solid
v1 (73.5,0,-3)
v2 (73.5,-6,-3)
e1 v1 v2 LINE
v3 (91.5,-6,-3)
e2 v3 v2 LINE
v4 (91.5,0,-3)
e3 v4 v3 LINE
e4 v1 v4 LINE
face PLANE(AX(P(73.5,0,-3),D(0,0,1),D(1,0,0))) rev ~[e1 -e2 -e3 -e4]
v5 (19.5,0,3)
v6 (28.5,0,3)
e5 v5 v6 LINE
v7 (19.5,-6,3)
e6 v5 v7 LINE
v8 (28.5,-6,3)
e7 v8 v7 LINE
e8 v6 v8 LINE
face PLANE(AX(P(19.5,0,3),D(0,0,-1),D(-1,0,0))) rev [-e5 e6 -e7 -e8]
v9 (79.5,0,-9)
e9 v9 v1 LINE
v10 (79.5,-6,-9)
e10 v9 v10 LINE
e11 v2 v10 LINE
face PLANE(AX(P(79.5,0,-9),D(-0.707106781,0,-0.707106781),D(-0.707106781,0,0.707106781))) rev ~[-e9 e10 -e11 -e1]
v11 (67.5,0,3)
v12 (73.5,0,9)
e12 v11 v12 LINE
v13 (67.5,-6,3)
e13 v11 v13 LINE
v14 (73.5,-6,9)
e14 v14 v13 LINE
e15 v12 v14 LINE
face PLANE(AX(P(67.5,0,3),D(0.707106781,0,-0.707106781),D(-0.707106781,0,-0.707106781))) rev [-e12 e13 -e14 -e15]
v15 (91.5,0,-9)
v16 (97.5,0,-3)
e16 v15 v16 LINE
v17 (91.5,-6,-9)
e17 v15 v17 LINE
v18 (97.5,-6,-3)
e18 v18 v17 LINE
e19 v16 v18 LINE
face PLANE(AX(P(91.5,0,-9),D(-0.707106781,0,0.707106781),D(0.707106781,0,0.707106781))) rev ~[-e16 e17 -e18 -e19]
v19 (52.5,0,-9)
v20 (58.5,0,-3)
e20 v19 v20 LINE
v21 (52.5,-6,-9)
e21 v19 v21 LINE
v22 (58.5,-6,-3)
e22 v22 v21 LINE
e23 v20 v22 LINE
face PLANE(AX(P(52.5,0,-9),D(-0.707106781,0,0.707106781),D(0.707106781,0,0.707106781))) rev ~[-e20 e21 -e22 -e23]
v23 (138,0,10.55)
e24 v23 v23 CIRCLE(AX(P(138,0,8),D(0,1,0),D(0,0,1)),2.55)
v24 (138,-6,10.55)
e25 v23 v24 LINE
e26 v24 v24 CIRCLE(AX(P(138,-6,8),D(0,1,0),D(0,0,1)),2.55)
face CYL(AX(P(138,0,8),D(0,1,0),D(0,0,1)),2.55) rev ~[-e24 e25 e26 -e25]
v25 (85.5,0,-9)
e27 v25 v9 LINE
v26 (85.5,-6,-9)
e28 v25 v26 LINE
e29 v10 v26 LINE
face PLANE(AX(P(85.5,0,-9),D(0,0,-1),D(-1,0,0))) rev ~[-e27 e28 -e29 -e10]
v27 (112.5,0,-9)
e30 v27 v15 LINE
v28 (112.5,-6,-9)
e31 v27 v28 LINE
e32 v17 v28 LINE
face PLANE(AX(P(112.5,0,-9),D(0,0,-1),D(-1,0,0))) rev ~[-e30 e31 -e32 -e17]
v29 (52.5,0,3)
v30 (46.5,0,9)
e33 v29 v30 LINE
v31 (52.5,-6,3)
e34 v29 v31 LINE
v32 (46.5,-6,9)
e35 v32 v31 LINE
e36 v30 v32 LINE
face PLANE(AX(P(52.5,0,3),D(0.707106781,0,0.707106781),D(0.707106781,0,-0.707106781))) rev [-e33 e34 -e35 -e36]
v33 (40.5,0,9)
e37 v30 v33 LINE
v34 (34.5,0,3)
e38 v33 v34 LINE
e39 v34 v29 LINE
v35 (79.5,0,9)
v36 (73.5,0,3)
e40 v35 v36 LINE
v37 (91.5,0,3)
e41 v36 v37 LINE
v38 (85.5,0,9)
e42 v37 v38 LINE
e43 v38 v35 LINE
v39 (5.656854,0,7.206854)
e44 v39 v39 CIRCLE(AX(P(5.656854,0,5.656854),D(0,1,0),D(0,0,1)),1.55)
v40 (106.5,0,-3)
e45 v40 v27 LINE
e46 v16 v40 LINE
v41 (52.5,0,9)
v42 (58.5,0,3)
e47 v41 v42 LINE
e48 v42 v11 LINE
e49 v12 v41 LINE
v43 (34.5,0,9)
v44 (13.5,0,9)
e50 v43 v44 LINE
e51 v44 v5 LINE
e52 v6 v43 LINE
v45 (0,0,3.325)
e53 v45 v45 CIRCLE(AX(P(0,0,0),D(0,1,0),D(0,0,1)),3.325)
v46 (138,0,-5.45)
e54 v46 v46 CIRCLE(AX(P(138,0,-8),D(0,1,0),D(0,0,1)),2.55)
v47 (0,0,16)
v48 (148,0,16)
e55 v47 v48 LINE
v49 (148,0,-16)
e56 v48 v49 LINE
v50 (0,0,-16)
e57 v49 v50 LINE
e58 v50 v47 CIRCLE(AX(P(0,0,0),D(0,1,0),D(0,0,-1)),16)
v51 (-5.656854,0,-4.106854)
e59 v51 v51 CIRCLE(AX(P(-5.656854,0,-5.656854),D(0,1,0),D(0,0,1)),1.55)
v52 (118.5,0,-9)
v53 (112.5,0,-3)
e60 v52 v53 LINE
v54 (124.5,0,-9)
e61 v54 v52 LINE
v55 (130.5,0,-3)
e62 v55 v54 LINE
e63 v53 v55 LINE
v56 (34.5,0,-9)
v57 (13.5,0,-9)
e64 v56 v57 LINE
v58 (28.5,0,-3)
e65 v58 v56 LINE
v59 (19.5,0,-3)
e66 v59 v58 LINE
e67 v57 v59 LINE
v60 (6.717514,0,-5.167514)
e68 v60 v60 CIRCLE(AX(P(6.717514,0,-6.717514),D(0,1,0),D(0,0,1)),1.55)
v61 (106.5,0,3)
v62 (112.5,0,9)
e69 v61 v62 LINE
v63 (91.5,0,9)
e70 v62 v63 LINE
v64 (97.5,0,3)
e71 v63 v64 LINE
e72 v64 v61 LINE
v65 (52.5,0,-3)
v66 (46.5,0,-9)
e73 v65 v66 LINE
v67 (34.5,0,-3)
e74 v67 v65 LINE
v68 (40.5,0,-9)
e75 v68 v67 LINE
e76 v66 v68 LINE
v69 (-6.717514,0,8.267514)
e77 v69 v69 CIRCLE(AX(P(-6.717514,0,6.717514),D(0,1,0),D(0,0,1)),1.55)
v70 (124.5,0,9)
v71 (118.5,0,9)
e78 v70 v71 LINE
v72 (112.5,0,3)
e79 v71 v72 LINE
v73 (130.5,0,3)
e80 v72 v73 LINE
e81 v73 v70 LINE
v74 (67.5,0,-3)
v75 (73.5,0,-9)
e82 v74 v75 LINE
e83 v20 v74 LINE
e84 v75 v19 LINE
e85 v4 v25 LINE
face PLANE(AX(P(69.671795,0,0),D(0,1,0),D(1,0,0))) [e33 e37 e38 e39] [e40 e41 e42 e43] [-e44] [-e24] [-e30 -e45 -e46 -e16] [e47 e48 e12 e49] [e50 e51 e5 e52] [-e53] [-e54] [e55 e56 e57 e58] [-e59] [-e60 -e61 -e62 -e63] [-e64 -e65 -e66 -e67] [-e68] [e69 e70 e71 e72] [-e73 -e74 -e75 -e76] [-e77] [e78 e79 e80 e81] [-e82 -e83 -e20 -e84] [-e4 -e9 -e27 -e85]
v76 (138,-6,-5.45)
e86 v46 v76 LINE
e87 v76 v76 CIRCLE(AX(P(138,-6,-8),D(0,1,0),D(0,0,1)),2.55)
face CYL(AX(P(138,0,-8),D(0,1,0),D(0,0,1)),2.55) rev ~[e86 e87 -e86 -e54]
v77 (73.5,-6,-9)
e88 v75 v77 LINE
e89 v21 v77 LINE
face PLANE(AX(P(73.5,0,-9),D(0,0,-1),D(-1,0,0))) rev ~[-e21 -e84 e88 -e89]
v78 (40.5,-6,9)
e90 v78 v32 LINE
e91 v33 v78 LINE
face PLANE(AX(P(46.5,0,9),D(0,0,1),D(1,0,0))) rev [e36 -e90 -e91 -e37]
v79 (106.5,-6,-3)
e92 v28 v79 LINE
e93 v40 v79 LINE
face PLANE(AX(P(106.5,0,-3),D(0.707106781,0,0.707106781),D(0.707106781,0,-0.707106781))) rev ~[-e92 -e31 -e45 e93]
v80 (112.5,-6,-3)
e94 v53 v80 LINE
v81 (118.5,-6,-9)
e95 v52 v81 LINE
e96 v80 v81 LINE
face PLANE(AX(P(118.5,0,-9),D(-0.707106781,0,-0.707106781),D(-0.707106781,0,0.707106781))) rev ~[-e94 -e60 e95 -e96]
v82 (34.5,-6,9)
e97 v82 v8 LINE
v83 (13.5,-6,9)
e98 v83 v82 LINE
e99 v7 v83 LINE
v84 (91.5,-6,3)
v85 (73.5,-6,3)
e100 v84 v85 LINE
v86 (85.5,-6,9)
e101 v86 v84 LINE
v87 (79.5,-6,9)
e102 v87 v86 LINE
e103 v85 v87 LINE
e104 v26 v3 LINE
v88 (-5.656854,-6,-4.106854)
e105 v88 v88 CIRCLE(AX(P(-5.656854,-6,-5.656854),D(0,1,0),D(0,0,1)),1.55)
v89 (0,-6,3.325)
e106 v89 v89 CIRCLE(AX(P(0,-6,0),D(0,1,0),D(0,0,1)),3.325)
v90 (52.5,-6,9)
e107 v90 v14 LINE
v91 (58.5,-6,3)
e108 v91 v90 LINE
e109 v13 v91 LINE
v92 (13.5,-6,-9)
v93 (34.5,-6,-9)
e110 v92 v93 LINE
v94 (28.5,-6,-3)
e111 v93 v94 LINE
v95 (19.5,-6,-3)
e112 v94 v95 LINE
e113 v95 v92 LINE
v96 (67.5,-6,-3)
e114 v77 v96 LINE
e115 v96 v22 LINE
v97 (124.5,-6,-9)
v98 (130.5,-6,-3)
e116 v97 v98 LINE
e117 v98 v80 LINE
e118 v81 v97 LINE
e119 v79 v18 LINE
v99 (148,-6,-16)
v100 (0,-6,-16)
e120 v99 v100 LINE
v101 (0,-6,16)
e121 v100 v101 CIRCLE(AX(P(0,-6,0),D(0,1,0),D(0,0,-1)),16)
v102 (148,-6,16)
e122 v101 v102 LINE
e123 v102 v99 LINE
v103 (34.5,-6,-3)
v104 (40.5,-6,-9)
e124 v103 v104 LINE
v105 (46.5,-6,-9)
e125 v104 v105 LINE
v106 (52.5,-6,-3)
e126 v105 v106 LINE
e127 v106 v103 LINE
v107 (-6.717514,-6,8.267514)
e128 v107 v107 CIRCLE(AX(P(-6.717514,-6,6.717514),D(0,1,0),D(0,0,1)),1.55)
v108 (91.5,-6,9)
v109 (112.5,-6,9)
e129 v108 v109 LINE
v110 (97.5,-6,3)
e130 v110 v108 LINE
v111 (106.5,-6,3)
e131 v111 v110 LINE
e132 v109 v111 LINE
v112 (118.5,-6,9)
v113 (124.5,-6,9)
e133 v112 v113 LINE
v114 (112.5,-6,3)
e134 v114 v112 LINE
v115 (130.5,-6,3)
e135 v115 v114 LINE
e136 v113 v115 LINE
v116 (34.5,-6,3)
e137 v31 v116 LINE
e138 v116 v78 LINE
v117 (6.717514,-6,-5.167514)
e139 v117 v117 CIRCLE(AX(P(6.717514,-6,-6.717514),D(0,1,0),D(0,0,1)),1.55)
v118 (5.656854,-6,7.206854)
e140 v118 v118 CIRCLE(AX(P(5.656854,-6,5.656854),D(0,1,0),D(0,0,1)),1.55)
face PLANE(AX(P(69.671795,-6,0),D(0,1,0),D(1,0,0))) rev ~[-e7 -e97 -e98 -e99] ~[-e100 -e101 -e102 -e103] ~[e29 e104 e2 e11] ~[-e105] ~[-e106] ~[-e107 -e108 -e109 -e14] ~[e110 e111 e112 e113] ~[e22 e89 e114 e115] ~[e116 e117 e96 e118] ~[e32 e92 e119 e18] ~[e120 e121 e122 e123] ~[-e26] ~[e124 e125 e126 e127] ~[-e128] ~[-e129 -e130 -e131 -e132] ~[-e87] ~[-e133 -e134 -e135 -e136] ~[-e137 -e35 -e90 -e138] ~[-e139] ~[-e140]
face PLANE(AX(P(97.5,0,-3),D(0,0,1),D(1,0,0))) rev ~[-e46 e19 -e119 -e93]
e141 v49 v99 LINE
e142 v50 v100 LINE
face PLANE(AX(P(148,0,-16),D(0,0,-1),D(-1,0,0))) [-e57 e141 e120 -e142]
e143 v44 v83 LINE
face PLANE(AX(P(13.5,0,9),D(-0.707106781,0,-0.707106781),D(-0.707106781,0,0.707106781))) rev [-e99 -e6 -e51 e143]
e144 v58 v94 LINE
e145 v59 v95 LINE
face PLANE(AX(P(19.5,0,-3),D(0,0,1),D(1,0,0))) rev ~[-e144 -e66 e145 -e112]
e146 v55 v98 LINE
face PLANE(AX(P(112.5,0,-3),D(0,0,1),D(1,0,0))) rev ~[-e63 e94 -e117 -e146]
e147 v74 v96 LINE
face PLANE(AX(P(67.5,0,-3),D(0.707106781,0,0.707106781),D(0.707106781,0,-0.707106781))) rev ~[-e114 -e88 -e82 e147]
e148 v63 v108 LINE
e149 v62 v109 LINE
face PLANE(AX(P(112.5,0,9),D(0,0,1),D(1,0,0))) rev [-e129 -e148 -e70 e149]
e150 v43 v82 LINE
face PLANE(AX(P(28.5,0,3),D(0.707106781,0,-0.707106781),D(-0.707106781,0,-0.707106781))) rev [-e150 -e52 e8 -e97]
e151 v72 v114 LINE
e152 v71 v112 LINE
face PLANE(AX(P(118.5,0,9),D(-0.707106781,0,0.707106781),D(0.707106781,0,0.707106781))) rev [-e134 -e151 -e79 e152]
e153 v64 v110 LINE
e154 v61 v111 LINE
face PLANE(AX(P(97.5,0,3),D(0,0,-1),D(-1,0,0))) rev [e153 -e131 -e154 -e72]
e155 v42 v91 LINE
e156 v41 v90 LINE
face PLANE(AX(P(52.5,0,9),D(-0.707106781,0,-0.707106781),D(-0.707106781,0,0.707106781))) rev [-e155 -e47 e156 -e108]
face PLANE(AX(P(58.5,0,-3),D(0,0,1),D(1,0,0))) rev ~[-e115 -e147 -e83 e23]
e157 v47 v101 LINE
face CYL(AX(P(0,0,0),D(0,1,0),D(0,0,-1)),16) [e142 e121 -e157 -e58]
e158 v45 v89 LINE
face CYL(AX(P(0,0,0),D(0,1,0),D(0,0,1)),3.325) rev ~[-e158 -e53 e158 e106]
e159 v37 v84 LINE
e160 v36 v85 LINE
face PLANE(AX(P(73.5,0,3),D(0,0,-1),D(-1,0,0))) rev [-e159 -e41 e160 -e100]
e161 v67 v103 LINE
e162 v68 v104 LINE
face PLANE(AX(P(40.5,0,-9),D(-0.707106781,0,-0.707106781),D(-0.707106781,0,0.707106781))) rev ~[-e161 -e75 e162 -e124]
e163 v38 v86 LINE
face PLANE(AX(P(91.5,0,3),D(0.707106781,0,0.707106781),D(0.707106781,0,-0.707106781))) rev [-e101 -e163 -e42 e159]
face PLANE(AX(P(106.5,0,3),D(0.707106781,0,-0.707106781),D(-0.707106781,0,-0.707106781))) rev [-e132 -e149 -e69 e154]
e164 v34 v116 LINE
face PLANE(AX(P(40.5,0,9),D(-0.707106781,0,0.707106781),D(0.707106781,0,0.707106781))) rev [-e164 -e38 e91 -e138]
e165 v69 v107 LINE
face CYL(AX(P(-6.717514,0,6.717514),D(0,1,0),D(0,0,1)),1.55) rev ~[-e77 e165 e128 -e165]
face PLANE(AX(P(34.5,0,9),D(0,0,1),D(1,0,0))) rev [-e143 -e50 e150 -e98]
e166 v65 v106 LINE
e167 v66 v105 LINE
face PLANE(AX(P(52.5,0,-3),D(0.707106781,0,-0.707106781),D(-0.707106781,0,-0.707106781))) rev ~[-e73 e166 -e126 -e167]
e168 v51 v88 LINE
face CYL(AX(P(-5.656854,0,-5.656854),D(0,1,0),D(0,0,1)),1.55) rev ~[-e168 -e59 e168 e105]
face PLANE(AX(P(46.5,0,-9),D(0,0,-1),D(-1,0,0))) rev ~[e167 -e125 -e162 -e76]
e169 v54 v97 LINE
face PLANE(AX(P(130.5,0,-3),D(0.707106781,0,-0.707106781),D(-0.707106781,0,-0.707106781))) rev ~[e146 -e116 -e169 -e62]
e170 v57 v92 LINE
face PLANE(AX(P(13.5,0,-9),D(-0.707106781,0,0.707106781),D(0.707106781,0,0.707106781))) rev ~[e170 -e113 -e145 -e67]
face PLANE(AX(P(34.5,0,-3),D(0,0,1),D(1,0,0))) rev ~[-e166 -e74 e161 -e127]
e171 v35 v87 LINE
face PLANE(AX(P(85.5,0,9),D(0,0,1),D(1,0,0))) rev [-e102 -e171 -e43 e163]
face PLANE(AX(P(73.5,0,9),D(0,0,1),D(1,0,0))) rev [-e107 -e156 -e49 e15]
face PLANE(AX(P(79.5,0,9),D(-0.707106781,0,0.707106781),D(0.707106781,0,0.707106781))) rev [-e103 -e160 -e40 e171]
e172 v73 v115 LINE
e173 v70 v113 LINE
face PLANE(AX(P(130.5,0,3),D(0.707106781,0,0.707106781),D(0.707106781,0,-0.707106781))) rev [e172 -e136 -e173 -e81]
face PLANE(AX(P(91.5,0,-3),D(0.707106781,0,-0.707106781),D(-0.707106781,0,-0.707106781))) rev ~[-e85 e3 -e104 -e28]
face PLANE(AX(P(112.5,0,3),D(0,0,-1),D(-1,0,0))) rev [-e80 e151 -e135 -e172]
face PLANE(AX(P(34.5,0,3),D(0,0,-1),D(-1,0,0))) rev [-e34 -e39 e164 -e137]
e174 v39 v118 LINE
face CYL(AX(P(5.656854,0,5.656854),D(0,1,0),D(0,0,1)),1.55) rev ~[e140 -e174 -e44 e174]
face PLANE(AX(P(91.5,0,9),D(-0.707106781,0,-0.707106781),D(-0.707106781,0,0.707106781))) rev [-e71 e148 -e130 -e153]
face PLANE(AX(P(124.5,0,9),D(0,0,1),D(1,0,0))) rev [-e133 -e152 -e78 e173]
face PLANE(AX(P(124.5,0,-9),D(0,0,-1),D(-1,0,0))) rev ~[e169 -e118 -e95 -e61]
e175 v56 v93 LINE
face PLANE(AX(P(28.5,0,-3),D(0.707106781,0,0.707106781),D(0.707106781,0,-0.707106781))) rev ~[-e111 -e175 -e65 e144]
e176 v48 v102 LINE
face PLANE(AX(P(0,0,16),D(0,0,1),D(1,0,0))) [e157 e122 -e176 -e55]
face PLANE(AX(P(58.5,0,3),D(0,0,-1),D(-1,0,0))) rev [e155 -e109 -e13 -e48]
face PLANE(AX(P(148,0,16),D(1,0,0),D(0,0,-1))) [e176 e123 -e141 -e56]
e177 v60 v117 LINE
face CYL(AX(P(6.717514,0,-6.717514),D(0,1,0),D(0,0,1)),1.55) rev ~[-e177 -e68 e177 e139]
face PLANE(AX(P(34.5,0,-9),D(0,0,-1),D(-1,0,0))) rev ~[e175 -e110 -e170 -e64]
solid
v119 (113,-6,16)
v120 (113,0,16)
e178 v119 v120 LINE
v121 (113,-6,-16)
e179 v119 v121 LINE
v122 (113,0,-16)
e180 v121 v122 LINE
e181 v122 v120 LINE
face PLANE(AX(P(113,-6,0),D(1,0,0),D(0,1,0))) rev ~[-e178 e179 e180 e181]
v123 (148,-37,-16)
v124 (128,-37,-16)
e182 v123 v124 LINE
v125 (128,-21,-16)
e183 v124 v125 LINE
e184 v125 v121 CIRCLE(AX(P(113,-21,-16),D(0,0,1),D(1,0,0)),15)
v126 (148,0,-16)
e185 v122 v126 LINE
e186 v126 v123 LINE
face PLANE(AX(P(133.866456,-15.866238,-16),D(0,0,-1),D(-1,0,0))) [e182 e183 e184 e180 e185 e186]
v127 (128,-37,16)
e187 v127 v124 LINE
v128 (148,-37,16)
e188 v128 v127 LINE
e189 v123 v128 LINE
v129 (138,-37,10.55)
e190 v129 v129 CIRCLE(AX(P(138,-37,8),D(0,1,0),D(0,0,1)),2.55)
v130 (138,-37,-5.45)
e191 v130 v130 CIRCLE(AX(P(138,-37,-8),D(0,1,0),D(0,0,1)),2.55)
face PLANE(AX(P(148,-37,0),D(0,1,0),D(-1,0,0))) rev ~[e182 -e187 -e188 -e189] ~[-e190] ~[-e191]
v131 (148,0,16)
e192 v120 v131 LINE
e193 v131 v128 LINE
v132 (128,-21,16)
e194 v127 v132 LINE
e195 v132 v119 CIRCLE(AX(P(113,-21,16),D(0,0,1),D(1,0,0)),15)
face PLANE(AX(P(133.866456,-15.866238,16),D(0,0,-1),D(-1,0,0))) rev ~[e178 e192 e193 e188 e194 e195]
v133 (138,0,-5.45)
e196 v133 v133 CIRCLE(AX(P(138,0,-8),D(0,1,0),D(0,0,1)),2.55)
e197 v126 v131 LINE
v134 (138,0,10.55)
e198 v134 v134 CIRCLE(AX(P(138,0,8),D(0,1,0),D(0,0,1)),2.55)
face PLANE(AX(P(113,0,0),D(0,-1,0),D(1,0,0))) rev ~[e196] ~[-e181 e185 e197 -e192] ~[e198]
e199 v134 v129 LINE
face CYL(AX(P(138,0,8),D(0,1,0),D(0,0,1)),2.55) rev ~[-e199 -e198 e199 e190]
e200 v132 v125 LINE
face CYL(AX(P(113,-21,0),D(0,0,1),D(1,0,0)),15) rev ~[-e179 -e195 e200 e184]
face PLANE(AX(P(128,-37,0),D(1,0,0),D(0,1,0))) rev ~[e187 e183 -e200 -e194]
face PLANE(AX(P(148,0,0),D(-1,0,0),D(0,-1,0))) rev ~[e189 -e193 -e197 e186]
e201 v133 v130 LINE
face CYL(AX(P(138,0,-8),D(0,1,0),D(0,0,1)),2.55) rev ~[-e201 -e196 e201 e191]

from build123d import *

# Parameters (mm, degrees)
BOSS_EXTRUDE1_DEPTH  = 6
CUT_EXTRUDE3_REACH   = 150.983
BOSS_EXTRUDE12_DEPTH = 16
SKETCH8_R            = 2.55
CUT_EXTRUDE4_DEPTH   = 154.391655575
SKETCH10_R           = 1.55
SKETCH10_R_2         = 3.325
CUT_EXTRUDE2_DEPTH   = 6


with BuildPart() as part:
    # Sketch1 → Boss-Extrude1 (new body)
    with BuildSketch(Plane(origin=(0, 0, 0), x_dir=(1, 0, 0), z_dir=(0, 1, 0))):
        with BuildLine():
            Line((0, -16), (148, -16))
            Line((148, -16), (148, 16))
            Line((148, 16), (0, 16))
            ThreePointArc((0, 16), (-16, 0), (0, -16))
        make_face()
    extrude(amount=-BOSS_EXTRUDE1_DEPTH)

    # Sketch11 → Cut-Extrude3 (cut, up to next)
    with BuildSketch(Plane(origin=(0, 0, 0), x_dir=(1, 0, 0), z_dir=(0, 1, 0)), mode=Mode.PRIVATE) as cut_extrude3_sk1:
        Polygon((13.5, 9), (19.5, 3), (28.5, 3), (34.5, 9), align=None)
    cut_extrude3_tool1 = extrude(cut_extrude3_sk1.sketch, amount=-CUT_EXTRUDE3_REACH, mode=Mode.PRIVATE) & part.part
    # Sketch11 → Cut-Extrude3 (cut, up to next)
    with BuildSketch(Plane(origin=(0, 0, 0), x_dir=(1, 0, 0), z_dir=(0, 1, 0)), mode=Mode.PRIVATE) as cut_extrude3_sk2:
        Polygon((52.5, 3), (46.5, 9), (40.5, 9), (34.5, 3), align=None)
    cut_extrude3_tool2 = extrude(cut_extrude3_sk2.sketch, amount=-CUT_EXTRUDE3_REACH, mode=Mode.PRIVATE) & part.part
    # Sketch11 → Cut-Extrude3 (cut, up to next)
    with BuildSketch(Plane(origin=(0, 0, 0), x_dir=(1, 0, 0), z_dir=(0, 1, 0)), mode=Mode.PRIVATE) as cut_extrude3_sk3:
        Polygon((52.5, 9), (58.5, 3), (67.5, 3), (73.5, 9), align=None)
    cut_extrude3_tool3 = extrude(cut_extrude3_sk3.sketch, amount=-CUT_EXTRUDE3_REACH, mode=Mode.PRIVATE) & part.part
    # Sketch11 → Cut-Extrude3 (cut, up to next)
    with BuildSketch(Plane(origin=(0, 0, 0), x_dir=(1, 0, 0), z_dir=(0, 1, 0)), mode=Mode.PRIVATE) as cut_extrude3_sk4:
        Polygon((91.5, 9), (97.5, 3), (106.5, 3), (112.5, 9), align=None)
    cut_extrude3_tool4 = extrude(cut_extrude3_sk4.sketch, amount=-CUT_EXTRUDE3_REACH, mode=Mode.PRIVATE) & part.part
    # Sketch11 → Cut-Extrude3 (cut, up to next)
    with BuildSketch(Plane(origin=(0, 0, 0), x_dir=(1, 0, 0), z_dir=(0, 1, 0)), mode=Mode.PRIVATE) as cut_extrude3_sk5:
        Polygon((73.5, 3), (91.5, 3), (85.5, 9), (79.5, 9), align=None)
    cut_extrude3_tool5 = extrude(cut_extrude3_sk5.sketch, amount=-CUT_EXTRUDE3_REACH, mode=Mode.PRIVATE) & part.part
    # Sketch11 → Cut-Extrude3 (cut, up to next)
    with BuildSketch(Plane(origin=(0, 0, 0), x_dir=(1, 0, 0), z_dir=(0, 1, 0)), mode=Mode.PRIVATE) as cut_extrude3_sk6:
        Polygon((112.5, 3), (130.5, 3), (124.5, 9), (118.5, 9), align=None)
    cut_extrude3_tool6 = extrude(cut_extrude3_sk6.sketch, amount=-CUT_EXTRUDE3_REACH, mode=Mode.PRIVATE) & part.part
    cut_extrude3_1 = cut_extrude3_tool1.solids().sort_by_distance((24, 0, -6.4))[0]
    add(cut_extrude3_1, mode=Mode.SUBTRACT)
    cut_extrude3_2 = cut_extrude3_tool2.solids().sort_by_distance((43.5, 0, -5.5))[0]
    add(cut_extrude3_2, mode=Mode.SUBTRACT)
    cut_extrude3_3 = cut_extrude3_tool3.solids().sort_by_distance((63, 0, -6.4))[0]
    add(cut_extrude3_3, mode=Mode.SUBTRACT)
    cut_extrude3_4 = cut_extrude3_tool4.solids().sort_by_distance((102, 0, -6.4))[0]
    add(cut_extrude3_4, mode=Mode.SUBTRACT)
    cut_extrude3_5 = cut_extrude3_tool5.solids().sort_by_distance((82.5, 0, -5.5))[0]
    add(cut_extrude3_5, mode=Mode.SUBTRACT)
    cut_extrude3_6 = cut_extrude3_tool6.solids().sort_by_distance((121.5, 0, -5.5))[0]
    add(cut_extrude3_6, mode=Mode.SUBTRACT)
    cut_extrude3 = cut_extrude3_1 + cut_extrude3_2 + cut_extrude3_3 + cut_extrude3_4 + cut_extrude3_5 + cut_extrude3_6  # Cut-Extrude3 as one shape, for the pattern or mirror that repeats it

    # Mirror1: Cut-Extrude3 across plane
    add(cut_extrude3.mirror(Plane.XY), mode=Mode.SUBTRACT)


with BuildPart() as body_2:
    # Sketch14 → Boss-Extrude12 (new, symmetric)
    with BuildSketch(Plane.XY):
        with BuildLine():
            Line((148, -6), (148, -37))
            Line((148, -37), (128, -37))
            Line((128, -37), (128, -21))
            ThreePointArc((128, -21), (123.606601718, -10.393398282), (113, -6))
            Line((113, -6), (113, 0))
            Line((113, 0), (148, 0))
            Line((148, 0), (148, -6))
        make_face()
    extrude(amount=BOSS_EXTRUDE12_DEPTH, both=True)


with BuildPart() as cut_extrude4_tool:
    # Sketch8 → Cut-Extrude4 (new, through all)
    with BuildSketch(Plane(origin=(0, 0, 0), x_dir=(1, 0, 0), z_dir=(0, 1, 0))):
        with Locations(Location((138, 8, 0), (0, 0, 270))):
            Circle(SKETCH8_R)
        with Locations(Location((138, -8, 0), (0, 0, 270))):
            Circle(SKETCH8_R)
    extrude(amount=-CUT_EXTRUDE4_DEPTH)


with BuildPart() as part_1:
    add(part.part)

    # Cut-Extrude4: cut by cut_extrude4_tool
    add(cut_extrude4_tool.part, mode=Mode.SUBTRACT)

    # Sketch10 → Cut-Extrude2 (cut)
    with BuildSketch(Plane(origin=(0, 0, 0), x_dir=(1, 0, 0), z_dir=(0, 1, 0))):
        with Locations(Location((-6.717514421, -6.717514421, 0), (0, 0, 270))):
            Circle(SKETCH10_R)
        with Locations(Location((6.717514421, 6.717514421, 0), (0, 0, 270))):
            Circle(SKETCH10_R)
        with Locations(Location((5.656854249, -5.656854249, 0), (0, 0, 270))):
            Circle(SKETCH10_R)
        with Locations(Location((-5.656854249, 5.656854249, 0), (0, 0, 270))):
            Circle(SKETCH10_R)
        with Locations(Location((0, 0, 0), (0, 0, 270))):
            Circle(SKETCH10_R_2)
    extrude(amount=-CUT_EXTRUDE2_DEPTH, mode=Mode.SUBTRACT)


with BuildPart() as body_2_1:
    add(body_2.part)

    # Cut-Extrude4: cut by cut_extrude4_tool
    add(cut_extrude4_tool.part, mode=Mode.SUBTRACT)


solid = Compound([part_1.part, body_2_1.part])
